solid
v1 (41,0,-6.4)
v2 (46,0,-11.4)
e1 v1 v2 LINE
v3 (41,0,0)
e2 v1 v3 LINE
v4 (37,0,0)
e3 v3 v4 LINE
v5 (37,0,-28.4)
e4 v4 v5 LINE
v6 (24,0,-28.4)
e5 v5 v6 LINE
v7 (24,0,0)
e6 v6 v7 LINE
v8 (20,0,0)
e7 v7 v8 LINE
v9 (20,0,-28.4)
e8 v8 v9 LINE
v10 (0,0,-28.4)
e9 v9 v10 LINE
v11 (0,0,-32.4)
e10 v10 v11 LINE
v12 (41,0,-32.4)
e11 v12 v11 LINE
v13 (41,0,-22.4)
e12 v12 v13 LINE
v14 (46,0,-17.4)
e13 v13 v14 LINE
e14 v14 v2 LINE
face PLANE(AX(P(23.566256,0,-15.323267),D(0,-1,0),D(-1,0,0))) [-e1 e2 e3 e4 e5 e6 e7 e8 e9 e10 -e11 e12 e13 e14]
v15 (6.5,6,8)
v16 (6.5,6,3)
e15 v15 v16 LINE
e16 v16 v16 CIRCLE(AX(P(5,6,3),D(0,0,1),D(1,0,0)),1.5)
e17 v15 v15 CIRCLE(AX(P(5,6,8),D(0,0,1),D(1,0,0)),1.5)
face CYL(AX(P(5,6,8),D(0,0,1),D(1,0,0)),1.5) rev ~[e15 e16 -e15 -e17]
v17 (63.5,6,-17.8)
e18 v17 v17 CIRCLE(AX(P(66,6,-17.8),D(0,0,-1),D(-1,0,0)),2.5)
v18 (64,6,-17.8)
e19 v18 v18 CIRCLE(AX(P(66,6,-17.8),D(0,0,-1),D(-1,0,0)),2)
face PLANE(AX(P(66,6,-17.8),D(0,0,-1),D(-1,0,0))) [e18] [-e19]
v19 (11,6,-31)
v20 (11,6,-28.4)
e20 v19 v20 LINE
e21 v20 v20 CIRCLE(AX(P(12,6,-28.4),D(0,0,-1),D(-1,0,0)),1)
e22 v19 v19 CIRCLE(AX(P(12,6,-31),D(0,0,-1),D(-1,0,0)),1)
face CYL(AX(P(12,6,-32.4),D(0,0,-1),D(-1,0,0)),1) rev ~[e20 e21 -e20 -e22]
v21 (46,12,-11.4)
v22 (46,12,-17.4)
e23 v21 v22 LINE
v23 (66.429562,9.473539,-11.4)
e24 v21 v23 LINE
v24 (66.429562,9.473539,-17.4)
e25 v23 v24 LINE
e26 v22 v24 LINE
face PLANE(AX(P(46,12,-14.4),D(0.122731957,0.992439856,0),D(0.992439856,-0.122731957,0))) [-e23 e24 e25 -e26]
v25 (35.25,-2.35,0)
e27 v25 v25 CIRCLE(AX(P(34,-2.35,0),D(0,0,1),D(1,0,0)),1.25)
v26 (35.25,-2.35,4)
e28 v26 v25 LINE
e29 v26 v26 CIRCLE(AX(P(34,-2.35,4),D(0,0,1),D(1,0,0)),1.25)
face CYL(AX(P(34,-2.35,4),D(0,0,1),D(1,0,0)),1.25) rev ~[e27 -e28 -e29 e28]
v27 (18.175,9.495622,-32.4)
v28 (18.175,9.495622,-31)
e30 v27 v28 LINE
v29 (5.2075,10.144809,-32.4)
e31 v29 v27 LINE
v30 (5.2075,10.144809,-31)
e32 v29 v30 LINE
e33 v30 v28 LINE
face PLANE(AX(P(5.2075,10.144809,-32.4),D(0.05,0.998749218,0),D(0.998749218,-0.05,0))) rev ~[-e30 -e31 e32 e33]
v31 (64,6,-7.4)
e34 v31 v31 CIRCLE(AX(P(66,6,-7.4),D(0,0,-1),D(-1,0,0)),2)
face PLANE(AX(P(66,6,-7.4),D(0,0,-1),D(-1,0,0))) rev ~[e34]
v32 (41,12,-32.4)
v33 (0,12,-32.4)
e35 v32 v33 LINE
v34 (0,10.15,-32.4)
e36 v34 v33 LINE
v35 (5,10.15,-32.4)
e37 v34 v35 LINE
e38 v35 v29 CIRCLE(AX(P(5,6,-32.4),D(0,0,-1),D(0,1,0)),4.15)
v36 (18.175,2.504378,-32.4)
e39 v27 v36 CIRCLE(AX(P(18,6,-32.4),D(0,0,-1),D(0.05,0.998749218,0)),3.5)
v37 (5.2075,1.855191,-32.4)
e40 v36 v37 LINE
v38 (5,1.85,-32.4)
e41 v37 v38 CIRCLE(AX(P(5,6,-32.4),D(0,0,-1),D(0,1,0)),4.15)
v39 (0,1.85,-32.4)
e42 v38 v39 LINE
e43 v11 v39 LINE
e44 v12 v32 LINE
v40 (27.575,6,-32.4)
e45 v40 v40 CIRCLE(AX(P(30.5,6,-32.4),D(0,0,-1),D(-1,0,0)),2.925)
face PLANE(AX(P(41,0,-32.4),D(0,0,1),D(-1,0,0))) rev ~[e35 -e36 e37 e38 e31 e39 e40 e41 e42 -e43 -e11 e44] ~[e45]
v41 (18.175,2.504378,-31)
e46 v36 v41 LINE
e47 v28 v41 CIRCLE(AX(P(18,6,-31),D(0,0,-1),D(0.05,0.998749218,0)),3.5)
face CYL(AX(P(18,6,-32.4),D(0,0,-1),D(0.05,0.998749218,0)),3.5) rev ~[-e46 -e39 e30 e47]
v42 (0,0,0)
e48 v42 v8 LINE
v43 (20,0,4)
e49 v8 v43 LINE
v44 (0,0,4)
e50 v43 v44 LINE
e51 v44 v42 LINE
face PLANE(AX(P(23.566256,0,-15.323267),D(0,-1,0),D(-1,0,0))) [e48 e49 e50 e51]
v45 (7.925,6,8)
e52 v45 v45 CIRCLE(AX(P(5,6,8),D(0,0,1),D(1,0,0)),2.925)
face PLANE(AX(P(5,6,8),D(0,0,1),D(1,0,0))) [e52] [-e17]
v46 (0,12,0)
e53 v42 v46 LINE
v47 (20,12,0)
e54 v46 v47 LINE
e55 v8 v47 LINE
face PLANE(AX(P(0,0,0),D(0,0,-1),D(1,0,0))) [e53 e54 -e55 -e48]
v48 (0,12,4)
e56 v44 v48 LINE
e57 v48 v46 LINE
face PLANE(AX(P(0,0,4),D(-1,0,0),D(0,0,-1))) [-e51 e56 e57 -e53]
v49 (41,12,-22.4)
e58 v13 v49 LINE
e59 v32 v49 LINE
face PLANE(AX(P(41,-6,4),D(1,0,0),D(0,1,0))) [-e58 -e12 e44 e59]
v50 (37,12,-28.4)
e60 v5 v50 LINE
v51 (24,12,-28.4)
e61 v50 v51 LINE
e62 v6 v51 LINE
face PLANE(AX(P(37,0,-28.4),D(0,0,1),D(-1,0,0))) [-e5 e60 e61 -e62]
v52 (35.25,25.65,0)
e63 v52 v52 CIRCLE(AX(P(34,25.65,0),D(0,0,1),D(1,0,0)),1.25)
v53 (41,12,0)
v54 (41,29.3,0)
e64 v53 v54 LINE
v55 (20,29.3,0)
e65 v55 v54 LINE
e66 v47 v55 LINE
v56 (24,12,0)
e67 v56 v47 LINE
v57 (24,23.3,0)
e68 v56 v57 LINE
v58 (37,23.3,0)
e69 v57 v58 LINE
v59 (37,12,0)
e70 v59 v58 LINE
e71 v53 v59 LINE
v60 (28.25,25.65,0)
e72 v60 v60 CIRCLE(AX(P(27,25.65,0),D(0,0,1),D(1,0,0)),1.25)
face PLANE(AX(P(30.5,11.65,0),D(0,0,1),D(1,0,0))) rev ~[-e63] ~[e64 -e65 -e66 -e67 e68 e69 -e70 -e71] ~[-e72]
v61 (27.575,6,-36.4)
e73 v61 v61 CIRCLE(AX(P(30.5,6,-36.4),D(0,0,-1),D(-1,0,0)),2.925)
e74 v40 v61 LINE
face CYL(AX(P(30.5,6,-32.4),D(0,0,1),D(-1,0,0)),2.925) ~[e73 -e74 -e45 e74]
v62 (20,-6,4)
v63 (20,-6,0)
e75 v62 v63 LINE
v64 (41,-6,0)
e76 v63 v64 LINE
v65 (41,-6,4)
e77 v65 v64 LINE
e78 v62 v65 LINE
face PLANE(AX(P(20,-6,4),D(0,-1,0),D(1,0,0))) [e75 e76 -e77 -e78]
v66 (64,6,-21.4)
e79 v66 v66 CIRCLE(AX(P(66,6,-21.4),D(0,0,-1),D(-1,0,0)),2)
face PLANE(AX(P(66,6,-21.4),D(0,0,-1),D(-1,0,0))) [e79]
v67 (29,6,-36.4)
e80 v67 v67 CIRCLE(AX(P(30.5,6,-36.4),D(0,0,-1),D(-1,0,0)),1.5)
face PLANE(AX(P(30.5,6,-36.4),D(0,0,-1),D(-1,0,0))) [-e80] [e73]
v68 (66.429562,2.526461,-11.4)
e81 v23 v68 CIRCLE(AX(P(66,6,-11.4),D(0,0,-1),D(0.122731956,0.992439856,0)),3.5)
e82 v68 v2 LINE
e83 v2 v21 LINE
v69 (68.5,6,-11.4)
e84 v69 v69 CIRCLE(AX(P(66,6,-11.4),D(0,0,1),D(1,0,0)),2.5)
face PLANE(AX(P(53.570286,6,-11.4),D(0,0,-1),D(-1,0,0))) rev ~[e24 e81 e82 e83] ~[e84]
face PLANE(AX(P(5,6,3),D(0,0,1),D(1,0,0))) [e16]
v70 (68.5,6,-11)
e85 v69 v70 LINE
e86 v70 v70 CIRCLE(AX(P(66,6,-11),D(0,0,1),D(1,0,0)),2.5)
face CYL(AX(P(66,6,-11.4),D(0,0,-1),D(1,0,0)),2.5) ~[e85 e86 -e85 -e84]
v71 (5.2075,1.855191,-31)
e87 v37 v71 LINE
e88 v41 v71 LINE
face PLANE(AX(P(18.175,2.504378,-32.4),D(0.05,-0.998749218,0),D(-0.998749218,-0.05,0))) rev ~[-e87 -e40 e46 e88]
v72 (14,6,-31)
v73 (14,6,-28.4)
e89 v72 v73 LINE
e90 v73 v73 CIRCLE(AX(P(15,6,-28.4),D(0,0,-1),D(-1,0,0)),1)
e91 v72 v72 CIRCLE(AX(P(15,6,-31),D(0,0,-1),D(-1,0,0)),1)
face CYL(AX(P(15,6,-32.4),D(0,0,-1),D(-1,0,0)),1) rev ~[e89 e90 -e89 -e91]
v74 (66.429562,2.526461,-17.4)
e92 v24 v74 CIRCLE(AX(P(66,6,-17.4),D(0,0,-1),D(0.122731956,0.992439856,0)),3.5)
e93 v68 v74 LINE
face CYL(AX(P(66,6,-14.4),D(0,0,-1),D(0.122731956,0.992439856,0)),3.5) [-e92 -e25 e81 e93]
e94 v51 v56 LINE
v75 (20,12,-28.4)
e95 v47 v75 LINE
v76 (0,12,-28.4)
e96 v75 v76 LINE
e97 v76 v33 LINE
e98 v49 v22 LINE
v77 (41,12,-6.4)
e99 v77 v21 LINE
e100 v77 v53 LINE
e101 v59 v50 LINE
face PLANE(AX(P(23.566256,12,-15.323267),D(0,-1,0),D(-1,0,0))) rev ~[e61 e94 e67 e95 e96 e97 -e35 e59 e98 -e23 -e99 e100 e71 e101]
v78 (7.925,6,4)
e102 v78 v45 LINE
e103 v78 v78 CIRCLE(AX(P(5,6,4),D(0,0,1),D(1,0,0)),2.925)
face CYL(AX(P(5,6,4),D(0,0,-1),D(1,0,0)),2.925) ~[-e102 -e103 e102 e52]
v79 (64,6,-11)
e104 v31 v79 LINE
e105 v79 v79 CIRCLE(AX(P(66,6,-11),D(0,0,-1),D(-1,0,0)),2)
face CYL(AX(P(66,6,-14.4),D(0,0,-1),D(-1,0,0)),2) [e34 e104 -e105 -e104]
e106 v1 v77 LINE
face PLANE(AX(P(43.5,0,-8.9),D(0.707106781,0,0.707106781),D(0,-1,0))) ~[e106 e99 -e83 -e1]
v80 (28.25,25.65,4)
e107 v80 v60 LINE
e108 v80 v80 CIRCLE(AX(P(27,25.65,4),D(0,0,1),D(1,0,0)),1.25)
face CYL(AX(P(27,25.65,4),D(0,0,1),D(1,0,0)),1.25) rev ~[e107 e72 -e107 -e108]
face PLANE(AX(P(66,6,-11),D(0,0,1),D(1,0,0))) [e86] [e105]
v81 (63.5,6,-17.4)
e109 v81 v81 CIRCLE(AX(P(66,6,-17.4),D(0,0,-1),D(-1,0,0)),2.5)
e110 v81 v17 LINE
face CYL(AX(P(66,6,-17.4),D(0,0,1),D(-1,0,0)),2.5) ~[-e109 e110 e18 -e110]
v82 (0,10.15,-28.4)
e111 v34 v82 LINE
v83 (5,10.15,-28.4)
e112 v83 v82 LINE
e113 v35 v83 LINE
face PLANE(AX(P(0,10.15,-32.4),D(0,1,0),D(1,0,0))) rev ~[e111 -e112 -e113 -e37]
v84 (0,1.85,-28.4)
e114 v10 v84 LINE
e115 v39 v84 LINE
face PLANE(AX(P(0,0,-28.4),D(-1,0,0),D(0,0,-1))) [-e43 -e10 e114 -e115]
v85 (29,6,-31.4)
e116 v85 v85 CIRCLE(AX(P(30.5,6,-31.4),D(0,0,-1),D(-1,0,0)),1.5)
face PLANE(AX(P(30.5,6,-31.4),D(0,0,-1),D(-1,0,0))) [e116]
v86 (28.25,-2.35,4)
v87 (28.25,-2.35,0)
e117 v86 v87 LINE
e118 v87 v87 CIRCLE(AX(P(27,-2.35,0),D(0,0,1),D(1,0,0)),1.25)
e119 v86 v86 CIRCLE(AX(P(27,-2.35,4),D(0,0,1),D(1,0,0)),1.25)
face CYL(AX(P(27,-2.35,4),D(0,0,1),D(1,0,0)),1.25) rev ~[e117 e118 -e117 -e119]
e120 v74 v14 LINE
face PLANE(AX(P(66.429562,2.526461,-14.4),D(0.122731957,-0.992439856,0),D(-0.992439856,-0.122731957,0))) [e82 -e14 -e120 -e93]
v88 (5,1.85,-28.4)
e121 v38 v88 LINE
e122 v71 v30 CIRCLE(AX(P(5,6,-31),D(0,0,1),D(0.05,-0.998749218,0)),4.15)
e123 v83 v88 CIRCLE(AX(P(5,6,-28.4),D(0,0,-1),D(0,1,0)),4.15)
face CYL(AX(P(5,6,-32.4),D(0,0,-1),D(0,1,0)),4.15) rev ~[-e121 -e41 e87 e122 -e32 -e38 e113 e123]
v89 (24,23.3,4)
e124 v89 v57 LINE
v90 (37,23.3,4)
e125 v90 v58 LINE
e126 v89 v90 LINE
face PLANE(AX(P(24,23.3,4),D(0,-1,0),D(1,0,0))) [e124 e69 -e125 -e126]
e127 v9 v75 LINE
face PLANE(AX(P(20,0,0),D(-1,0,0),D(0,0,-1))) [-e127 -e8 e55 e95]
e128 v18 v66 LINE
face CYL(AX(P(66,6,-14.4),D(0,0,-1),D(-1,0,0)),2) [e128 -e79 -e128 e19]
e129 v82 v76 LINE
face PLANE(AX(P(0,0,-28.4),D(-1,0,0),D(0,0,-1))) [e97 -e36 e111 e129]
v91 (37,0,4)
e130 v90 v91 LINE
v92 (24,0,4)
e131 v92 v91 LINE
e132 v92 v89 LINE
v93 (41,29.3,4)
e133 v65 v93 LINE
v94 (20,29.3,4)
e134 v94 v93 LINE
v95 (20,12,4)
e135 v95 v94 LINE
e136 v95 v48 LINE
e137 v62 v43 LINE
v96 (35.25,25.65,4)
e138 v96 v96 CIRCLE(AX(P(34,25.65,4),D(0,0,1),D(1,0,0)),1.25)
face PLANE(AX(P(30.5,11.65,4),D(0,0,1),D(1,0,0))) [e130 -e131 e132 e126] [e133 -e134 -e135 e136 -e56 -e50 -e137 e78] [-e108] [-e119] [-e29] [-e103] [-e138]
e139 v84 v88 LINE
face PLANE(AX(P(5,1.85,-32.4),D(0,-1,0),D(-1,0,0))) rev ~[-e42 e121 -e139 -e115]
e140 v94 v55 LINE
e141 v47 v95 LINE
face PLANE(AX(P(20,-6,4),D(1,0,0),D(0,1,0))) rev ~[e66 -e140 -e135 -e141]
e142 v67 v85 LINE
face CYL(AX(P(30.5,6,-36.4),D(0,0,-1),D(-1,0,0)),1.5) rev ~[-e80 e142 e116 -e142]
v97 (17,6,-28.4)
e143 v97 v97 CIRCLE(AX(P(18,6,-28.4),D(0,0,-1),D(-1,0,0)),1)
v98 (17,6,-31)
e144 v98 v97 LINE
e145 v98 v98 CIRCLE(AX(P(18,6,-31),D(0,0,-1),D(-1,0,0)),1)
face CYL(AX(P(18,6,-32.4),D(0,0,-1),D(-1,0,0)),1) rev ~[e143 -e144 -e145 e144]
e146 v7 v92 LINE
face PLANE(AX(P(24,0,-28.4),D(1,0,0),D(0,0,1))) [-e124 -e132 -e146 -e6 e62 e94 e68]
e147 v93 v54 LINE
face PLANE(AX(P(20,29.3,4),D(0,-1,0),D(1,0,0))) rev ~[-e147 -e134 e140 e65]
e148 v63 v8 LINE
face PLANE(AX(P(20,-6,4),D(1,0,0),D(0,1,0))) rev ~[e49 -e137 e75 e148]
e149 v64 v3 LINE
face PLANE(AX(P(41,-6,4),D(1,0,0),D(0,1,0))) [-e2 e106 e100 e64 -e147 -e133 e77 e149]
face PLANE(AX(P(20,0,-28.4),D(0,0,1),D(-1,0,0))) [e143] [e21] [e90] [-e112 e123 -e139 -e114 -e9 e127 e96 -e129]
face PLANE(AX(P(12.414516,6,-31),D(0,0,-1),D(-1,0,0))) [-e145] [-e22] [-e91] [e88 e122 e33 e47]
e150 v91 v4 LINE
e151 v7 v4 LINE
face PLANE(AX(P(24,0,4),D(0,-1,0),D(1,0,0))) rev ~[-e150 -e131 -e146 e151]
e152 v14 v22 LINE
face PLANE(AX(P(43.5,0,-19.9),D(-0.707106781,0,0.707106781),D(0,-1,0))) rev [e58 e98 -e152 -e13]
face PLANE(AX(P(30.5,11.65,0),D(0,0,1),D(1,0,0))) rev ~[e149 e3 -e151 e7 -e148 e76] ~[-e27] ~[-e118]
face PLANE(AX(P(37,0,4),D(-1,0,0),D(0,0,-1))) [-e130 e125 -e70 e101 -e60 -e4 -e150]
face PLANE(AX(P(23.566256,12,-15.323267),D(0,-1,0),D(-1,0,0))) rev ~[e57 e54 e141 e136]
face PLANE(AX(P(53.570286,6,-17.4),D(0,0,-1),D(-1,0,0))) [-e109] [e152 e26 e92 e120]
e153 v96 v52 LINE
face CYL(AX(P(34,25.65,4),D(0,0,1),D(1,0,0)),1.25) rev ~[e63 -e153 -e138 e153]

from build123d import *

# Parameters (mm, degrees)
EXTRUDE_1_DEPTH     = 12
SKETCH_2_W          = 21
SKETCH_2_H          = 35.3
SKETCH_2_R          = 1.25
SKETCH_2_W_2        = 13
SKETCH_2_H_2        = 23.3
EXTRUDE_2_DEPTH     = 4
EXTRUDE_START       = -18
EXTRUDE_3_DEPTH     = 3
CHAMFER_1_SIZE      = 5
EXTRUDE_START_2     = -3
SKETCH_4_R          = 2
EXTRUDE_4_DEPTH     = 7
CUT_EXTRUDE_1_DEPTH = 12
SKETCH_6_R          = 1
CUT_EXTRUDE_2_DEPTH = 1.4
SKETCH_6_3_R        = 1
CUT_EXTRUDE_3_DEPTH = 4
SKETCH_7_R          = 2.925
EXTRUDE_5_DEPTH     = 4
SKETCH_8_R          = 1.5
CUT_EXTRUDE_4_DEPTH = 5
SKETCH_9_R          = 2.925
EXTRUDE_6_DEPTH     = 4
SKETCH_10_R         = 1.5
CUT_EXTRUDE_5_DEPTH = 5
SKETCH_11_R         = 2.5
EXTRUDE_7_DEPTH     = 0.4
EXTRUDE_START_3     = 0.4
SKETCH_12_R         = 2.5
EXTRUDE_8_DEPTH     = 0.4


with BuildPart() as part:
    # 草图1 → 凸台-拉伸1 (new body)
    with BuildSketch(Plane(origin=(0, 0, 0), x_dir=(1, 0, 0), z_dir=(0, 1, 0))):
        Polygon((0, 0), (20, 0), (20, 28.4), (0, 28.4), (0, 32.4), (24, 32.4), (41, 32.4), (41, -4), (37, -4), (37, 28.4), (24, 28.4), (24, -4), (0, -4), align=None)
    extrude(amount=EXTRUDE_1_DEPTH)

    # 草图2 → 凸台-拉伸2 (add)
    with BuildSketch(Plane.XY.offset(4)):
        with Locations((30.5, 11.65)):
            Rectangle(SKETCH_2_W, SKETCH_2_H)
        with Locations((27, 25.65)):
            Circle(SKETCH_2_R, mode=Mode.SUBTRACT)
        with Locations((27, -2.35)):
            Circle(SKETCH_2_R, mode=Mode.SUBTRACT)
        with Locations((34, -2.35)):
            Circle(SKETCH_2_R, mode=Mode.SUBTRACT)
        with Locations((34, 25.65)):
            Circle(SKETCH_2_R, mode=Mode.SUBTRACT)
        with Locations((30.5, 11.65)):
            Rectangle(SKETCH_2_W_2, SKETCH_2_H_2, mode=Mode.SUBTRACT)
    extrude(amount=-EXTRUDE_2_DEPTH)

    # 草图3 → 凸台-拉伸3 (add, symmetric)
    with BuildSketch(Plane(origin=(0, 0, -32.4), x_dir=(-1, 0, 0), z_dir=(0, 0, -1)).offset(EXTRUDE_START)):
        with BuildLine():
            Line((-41, 12), (-46, 12))
            Line((-46, 12), (-66.429561848, 9.473539494))
            ThreePointArc((-66.429561848, 9.473539494), (-69.5, 6), (-66.429561848, 2.526460506))
            Line((-66.429561848, 2.526460506), (-46, 0))
            Line((-46, 0), (-41, 0))
            Line((-41, 0), (-41, 12))
        make_face()
    extrude(amount=EXTRUDE_3_DEPTH, both=True)

    # 倒角1
    chamfer_1_edges = [part.edges().sort_by_distance(p)[0] for p in [
        (41, 6, -17.4),
        (41, 6, -11.4),
    ]]
    chamfer(chamfer_1_edges, length=CHAMFER_1_SIZE)

    # 草图4 → 凸台-拉伸4 (add, symmetric)
    with BuildSketch(Plane(origin=(0, 0, -17.4), x_dir=(-1, 0, 0), z_dir=(0, 0, -1)).offset(EXTRUDE_START_2)):
        with Locations((-66, 6)):
            Circle(SKETCH_4_R)
    extrude(amount=EXTRUDE_4_DEPTH, both=True)

    # 草图5 → 切除-拉伸1 (cut)
    with BuildSketch(Plane(origin=(0, 0, -32.4), x_dir=(-1, 0, 0), z_dir=(0, 0, -1))):
        with BuildLine():
            Line((0, 1.85), (0, 10.15))
            Line((0, 10.15), (-5, 10.15))
            ThreePointArc((-5, 10.15), (-9.15, 6), (-5, 1.85))
            Line((-5, 1.85), (0, 1.85))
        make_face()
    extrude(amount=-CUT_EXTRUDE_1_DEPTH, mode=Mode.SUBTRACT)

    # 草图6 → 切除-拉伸2 (cut)
    with BuildSketch(Plane(origin=(0, 0, -32.4), x_dir=(-1, 0, 0), z_dir=(0, 0, -1))):
        with BuildLine():
            Line((-5.2075, 10.144809254), (-18.175, 9.495622262))
            ThreePointArc((-18.175, 9.495622262), (-21.5, 6), (-18.175, 2.504377738))
            Line((-18.175, 2.504377738), (-5.2075, 1.855190746))
            ThreePointArc((-5.2075, 1.855190746), (-9.15, 6), (-5.2075, 10.144809254))
        make_face()
        with Locations((-15, 6)):
            Circle(SKETCH_6_R, mode=Mode.SUBTRACT)
        with Locations((-12, 6)):
            Circle(SKETCH_6_R, mode=Mode.SUBTRACT)
        with Locations((-18, 6)):
            Circle(SKETCH_6_R, mode=Mode.SUBTRACT)
    extrude(amount=-CUT_EXTRUDE_2_DEPTH, mode=Mode.SUBTRACT)

    # 草图6<3> → 切除-拉伸3 (cut)
    with BuildSketch(Plane(origin=(0, 0, -32.4), x_dir=(-1, 0, 0), z_dir=(0, 0, -1))):
        with Locations((-15, 6)):
            Circle(SKETCH_6_3_R)
        with Locations((-12, 6)):
            Circle(SKETCH_6_3_R)
        with Locations((-18, 6)):
            Circle(SKETCH_6_3_R)
    extrude(amount=-CUT_EXTRUDE_3_DEPTH, mode=Mode.SUBTRACT)

    # 草图7 → 凸台-拉伸5 (add)
    with BuildSketch(Plane.XY.offset(4)):
        with Locations((5, 6)):
            Circle(SKETCH_7_R)
    extrude(amount=EXTRUDE_5_DEPTH)

    # 草图8 → 切除-拉伸4 (cut)
    with BuildSketch(Plane.XY.offset(8)):
        with Locations((5, 6)):
            Circle(SKETCH_8_R)
    extrude(amount=-CUT_EXTRUDE_4_DEPTH, mode=Mode.SUBTRACT)

    # 草图9 → 凸台-拉伸6 (add)
    with BuildSketch(Plane(origin=(0, 0, -32.4), x_dir=(-1, 0, 0), z_dir=(0, 0, -1))):
        with Locations((-30.5, 6)):
            Circle(SKETCH_9_R)
    extrude(amount=EXTRUDE_6_DEPTH)

    # 草图10 → 切除-拉伸5 (cut)
    with BuildSketch(Plane(origin=(0, 0, -36.4), x_dir=(-1, 0, 0), z_dir=(0, 0, -1))):
        with Locations((-30.5, 6)):
            Circle(SKETCH_10_R)
    extrude(amount=-CUT_EXTRUDE_5_DEPTH, mode=Mode.SUBTRACT)

    # 草图11 → 凸台-拉伸7 (add)
    with BuildSketch(Plane(origin=(0, 0, -17.4), x_dir=(-1, 0, 0), z_dir=(0, 0, -1))):
        with Locations((-66, 6)):
            Circle(SKETCH_11_R)
    extrude(amount=EXTRUDE_7_DEPTH)

    # 草图12 → 凸台-拉伸8 (add)
    with BuildSketch(Plane.XY.offset(-11.4).offset(EXTRUDE_START_3)):
        with Locations((66, 6)):
            Circle(SKETCH_12_R)
    extrude(amount=-EXTRUDE_8_DEPTH)


solid = part.part
